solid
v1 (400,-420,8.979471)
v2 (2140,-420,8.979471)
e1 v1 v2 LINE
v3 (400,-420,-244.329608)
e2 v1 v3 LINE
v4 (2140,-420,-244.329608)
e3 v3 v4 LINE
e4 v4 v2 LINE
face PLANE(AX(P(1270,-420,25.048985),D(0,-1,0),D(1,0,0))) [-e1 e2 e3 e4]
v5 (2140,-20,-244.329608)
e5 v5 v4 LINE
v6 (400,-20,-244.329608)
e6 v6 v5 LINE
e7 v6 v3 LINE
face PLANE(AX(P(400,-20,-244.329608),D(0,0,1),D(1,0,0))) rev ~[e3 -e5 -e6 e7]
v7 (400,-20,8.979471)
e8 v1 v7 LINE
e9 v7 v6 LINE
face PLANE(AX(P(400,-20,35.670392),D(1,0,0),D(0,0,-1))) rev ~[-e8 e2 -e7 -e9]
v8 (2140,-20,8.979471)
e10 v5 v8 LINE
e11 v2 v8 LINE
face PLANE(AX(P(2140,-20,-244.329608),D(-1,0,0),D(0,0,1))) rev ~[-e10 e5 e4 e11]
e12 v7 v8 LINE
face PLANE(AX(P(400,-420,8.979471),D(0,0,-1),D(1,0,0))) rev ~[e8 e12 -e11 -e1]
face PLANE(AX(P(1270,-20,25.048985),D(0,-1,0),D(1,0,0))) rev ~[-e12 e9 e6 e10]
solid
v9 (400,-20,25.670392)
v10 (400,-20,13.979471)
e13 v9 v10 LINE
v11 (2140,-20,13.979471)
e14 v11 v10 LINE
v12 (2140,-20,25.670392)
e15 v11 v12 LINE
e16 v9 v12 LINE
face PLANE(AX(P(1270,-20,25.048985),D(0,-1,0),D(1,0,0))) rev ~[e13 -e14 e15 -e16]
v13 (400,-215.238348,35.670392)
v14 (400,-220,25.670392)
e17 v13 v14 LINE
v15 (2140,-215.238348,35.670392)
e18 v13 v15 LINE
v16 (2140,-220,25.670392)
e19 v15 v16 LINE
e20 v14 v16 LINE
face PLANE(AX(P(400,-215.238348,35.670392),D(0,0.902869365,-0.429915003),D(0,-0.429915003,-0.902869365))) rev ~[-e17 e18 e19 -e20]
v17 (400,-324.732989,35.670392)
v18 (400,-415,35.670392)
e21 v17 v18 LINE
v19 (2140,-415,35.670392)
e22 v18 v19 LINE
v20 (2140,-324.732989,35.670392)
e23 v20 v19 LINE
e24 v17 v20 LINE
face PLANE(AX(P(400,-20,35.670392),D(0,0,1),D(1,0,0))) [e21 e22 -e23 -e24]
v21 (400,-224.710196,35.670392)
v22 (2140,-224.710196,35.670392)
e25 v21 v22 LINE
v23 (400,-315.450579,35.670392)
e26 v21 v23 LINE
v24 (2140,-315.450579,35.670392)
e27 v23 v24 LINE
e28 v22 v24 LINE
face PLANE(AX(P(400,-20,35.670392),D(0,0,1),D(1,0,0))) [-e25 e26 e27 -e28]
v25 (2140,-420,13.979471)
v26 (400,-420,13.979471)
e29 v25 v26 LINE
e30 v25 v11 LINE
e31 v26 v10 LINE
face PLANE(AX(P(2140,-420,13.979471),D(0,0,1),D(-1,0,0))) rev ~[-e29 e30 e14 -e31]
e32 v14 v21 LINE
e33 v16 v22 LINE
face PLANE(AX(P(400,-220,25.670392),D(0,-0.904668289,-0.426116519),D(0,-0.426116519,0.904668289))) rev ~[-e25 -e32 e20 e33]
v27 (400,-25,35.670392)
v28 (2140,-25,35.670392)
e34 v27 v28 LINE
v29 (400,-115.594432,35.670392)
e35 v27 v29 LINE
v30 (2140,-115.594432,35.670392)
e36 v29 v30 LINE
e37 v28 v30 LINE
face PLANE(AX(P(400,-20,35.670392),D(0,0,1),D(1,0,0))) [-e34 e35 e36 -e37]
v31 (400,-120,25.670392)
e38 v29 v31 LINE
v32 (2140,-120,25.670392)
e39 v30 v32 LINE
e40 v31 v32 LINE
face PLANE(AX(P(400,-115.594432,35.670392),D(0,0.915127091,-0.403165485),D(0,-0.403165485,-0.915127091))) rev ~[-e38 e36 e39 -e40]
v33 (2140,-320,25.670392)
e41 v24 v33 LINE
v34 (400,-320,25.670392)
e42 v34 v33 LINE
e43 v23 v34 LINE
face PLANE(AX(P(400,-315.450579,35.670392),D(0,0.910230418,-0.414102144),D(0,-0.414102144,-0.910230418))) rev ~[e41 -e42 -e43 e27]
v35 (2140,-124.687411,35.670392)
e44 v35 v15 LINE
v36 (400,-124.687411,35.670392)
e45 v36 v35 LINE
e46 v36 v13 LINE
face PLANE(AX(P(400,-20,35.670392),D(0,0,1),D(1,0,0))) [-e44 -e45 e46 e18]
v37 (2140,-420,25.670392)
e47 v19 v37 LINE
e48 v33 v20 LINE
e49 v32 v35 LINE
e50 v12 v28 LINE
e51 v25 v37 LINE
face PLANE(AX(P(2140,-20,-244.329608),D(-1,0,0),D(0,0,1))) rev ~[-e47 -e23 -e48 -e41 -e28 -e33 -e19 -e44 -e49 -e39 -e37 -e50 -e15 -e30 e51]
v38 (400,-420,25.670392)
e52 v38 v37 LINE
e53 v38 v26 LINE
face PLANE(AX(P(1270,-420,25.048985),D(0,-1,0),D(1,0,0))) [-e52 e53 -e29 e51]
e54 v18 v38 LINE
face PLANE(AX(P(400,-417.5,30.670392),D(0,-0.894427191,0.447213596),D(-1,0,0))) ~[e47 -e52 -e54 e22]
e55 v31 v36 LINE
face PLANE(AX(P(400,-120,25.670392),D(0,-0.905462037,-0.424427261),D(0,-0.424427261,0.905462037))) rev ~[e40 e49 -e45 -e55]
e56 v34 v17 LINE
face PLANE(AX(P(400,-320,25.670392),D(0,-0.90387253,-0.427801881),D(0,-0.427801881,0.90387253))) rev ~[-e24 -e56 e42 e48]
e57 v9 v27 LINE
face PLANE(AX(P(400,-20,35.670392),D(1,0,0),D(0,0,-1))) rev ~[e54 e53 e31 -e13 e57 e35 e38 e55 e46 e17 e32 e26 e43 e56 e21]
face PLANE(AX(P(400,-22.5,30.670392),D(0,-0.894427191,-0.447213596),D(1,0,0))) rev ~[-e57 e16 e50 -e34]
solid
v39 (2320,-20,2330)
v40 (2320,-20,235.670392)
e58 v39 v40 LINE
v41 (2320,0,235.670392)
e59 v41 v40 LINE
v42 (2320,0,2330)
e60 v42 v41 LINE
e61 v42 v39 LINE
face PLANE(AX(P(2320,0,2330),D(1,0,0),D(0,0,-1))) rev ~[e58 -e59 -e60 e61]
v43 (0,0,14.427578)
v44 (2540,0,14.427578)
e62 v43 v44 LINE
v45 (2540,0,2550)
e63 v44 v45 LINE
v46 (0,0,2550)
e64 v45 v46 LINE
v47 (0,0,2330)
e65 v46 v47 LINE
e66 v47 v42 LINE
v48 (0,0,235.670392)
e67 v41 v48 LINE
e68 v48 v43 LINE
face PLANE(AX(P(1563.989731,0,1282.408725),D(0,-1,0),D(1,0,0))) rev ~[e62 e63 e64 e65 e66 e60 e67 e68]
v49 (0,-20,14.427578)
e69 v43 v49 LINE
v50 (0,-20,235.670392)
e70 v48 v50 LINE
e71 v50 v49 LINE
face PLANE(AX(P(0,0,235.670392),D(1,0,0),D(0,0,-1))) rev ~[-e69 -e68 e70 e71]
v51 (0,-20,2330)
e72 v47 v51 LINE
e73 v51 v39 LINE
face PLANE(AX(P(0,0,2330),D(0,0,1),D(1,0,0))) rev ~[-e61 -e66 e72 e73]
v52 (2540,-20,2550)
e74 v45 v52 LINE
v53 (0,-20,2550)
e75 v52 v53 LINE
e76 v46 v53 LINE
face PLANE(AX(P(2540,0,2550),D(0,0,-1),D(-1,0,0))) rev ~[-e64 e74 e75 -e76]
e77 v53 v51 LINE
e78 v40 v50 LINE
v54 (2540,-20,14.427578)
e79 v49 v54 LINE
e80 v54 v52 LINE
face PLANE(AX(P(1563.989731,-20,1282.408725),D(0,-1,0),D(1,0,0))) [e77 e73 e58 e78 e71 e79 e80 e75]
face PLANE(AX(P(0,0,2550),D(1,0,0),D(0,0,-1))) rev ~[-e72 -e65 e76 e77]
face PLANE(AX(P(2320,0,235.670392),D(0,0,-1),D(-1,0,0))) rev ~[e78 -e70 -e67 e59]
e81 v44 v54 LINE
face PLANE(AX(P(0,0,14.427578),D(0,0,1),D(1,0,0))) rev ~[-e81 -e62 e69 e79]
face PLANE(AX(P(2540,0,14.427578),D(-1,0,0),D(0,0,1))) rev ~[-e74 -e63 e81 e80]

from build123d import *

# Parameters (mm, degrees)
F1_DEPTH = 20
F2_W     = 1740
F2_H     = 21.2428141385
F2_H_2   = 258.7571858615
F3_DEPTH = 400
F5_DEPTH = 1740
F6_SIZE2 = 10
F6_SIZE  = 5
F7_SIZE2 = 5
F7_SIZE  = 10
F9_DEPTH = 400


with BuildPart() as f1:
    # F0 (on Front) → F1 (new body)
    with BuildSketch(Plane.XZ):
        Polygon((2540, 2550), (0, 2550), (0, 2330), (2320, 2330), (2320, 235.6703919172), (0, 235.6703919172), (0, 14.4275780767), (2540, 14.4275780767), align=None)
    extrude(amount=F1_DEPTH)


with BuildPart() as f3:
    # F2 (on face) → F3 (new body)
    with BuildSketch(Plane.XZ.offset(20)):
        with Locations((1270, 25.048985146)):
            Rectangle(F2_W, F2_H)
        with Locations((1270, -114.951014854)):
            Rectangle(F2_W, F2_H_2)
    extrude(amount=F3_DEPTH)

    # F4 (on face) → F5 (cut, through all)
    with BuildSketch(Plane(origin=(400, 0, 0), x_dir=(0, -1, 0), z_dir=(-1, 0, 0))):
        Polygon((324.7329890728, 35.6703922153), (315.450578928, 35.6703922153), (320, 25.6703922153), align=None)
        Polygon((224.7101962566, 35.6703922153), (220, 35.6703922153), (215.2383476496, 35.6703922153), (220, 25.6703922153), align=None)
        Polygon((120, 25.6703922153), (124.6874108911, 35.6703922153), (115.5944317579, 35.6703922153), align=None)
    extrude(amount=-F5_DEPTH, mode=Mode.SUBTRACT)

    # F6
    f6_edges = [f3.edges().sort_by_distance(p)[0] for p in [
        (1270, -420, 35.670392),
    ]]
    f6_side = f3.faces().sort_by_distance((1270, -372.366495, 35.670392))[0]
    chamfer(f6_edges, length=F6_SIZE, length2=F6_SIZE2, reference=f6_side)

    # F7
    f7_edges = [f3.edges().sort_by_distance(p)[0] for p in [
        (1270, -20, 35.670392),
    ]]
    f7_side = f3.faces().sort_by_distance((1270, -20, -104.329608))[0]
    chamfer(f7_edges, length=F7_SIZE, length2=F7_SIZE2, reference=f7_side)

    # F8 (on face) → F9 (cut, through all)
    with BuildSketch(Plane.XZ.offset(420)):
        Polygon((410, 13.9794712886), (400, 13.9794712886), (400, 8.9794712886), (410, 8.9794712886), (2130, 8.9794712886), (2140, 8.9794712886), (2140, 13.9794712886), (2130, 13.9794712886), align=None)
    extrude(amount=-F9_DEPTH, mode=Mode.SUBTRACT)


solid = Compound([f1.part, f3.part])
